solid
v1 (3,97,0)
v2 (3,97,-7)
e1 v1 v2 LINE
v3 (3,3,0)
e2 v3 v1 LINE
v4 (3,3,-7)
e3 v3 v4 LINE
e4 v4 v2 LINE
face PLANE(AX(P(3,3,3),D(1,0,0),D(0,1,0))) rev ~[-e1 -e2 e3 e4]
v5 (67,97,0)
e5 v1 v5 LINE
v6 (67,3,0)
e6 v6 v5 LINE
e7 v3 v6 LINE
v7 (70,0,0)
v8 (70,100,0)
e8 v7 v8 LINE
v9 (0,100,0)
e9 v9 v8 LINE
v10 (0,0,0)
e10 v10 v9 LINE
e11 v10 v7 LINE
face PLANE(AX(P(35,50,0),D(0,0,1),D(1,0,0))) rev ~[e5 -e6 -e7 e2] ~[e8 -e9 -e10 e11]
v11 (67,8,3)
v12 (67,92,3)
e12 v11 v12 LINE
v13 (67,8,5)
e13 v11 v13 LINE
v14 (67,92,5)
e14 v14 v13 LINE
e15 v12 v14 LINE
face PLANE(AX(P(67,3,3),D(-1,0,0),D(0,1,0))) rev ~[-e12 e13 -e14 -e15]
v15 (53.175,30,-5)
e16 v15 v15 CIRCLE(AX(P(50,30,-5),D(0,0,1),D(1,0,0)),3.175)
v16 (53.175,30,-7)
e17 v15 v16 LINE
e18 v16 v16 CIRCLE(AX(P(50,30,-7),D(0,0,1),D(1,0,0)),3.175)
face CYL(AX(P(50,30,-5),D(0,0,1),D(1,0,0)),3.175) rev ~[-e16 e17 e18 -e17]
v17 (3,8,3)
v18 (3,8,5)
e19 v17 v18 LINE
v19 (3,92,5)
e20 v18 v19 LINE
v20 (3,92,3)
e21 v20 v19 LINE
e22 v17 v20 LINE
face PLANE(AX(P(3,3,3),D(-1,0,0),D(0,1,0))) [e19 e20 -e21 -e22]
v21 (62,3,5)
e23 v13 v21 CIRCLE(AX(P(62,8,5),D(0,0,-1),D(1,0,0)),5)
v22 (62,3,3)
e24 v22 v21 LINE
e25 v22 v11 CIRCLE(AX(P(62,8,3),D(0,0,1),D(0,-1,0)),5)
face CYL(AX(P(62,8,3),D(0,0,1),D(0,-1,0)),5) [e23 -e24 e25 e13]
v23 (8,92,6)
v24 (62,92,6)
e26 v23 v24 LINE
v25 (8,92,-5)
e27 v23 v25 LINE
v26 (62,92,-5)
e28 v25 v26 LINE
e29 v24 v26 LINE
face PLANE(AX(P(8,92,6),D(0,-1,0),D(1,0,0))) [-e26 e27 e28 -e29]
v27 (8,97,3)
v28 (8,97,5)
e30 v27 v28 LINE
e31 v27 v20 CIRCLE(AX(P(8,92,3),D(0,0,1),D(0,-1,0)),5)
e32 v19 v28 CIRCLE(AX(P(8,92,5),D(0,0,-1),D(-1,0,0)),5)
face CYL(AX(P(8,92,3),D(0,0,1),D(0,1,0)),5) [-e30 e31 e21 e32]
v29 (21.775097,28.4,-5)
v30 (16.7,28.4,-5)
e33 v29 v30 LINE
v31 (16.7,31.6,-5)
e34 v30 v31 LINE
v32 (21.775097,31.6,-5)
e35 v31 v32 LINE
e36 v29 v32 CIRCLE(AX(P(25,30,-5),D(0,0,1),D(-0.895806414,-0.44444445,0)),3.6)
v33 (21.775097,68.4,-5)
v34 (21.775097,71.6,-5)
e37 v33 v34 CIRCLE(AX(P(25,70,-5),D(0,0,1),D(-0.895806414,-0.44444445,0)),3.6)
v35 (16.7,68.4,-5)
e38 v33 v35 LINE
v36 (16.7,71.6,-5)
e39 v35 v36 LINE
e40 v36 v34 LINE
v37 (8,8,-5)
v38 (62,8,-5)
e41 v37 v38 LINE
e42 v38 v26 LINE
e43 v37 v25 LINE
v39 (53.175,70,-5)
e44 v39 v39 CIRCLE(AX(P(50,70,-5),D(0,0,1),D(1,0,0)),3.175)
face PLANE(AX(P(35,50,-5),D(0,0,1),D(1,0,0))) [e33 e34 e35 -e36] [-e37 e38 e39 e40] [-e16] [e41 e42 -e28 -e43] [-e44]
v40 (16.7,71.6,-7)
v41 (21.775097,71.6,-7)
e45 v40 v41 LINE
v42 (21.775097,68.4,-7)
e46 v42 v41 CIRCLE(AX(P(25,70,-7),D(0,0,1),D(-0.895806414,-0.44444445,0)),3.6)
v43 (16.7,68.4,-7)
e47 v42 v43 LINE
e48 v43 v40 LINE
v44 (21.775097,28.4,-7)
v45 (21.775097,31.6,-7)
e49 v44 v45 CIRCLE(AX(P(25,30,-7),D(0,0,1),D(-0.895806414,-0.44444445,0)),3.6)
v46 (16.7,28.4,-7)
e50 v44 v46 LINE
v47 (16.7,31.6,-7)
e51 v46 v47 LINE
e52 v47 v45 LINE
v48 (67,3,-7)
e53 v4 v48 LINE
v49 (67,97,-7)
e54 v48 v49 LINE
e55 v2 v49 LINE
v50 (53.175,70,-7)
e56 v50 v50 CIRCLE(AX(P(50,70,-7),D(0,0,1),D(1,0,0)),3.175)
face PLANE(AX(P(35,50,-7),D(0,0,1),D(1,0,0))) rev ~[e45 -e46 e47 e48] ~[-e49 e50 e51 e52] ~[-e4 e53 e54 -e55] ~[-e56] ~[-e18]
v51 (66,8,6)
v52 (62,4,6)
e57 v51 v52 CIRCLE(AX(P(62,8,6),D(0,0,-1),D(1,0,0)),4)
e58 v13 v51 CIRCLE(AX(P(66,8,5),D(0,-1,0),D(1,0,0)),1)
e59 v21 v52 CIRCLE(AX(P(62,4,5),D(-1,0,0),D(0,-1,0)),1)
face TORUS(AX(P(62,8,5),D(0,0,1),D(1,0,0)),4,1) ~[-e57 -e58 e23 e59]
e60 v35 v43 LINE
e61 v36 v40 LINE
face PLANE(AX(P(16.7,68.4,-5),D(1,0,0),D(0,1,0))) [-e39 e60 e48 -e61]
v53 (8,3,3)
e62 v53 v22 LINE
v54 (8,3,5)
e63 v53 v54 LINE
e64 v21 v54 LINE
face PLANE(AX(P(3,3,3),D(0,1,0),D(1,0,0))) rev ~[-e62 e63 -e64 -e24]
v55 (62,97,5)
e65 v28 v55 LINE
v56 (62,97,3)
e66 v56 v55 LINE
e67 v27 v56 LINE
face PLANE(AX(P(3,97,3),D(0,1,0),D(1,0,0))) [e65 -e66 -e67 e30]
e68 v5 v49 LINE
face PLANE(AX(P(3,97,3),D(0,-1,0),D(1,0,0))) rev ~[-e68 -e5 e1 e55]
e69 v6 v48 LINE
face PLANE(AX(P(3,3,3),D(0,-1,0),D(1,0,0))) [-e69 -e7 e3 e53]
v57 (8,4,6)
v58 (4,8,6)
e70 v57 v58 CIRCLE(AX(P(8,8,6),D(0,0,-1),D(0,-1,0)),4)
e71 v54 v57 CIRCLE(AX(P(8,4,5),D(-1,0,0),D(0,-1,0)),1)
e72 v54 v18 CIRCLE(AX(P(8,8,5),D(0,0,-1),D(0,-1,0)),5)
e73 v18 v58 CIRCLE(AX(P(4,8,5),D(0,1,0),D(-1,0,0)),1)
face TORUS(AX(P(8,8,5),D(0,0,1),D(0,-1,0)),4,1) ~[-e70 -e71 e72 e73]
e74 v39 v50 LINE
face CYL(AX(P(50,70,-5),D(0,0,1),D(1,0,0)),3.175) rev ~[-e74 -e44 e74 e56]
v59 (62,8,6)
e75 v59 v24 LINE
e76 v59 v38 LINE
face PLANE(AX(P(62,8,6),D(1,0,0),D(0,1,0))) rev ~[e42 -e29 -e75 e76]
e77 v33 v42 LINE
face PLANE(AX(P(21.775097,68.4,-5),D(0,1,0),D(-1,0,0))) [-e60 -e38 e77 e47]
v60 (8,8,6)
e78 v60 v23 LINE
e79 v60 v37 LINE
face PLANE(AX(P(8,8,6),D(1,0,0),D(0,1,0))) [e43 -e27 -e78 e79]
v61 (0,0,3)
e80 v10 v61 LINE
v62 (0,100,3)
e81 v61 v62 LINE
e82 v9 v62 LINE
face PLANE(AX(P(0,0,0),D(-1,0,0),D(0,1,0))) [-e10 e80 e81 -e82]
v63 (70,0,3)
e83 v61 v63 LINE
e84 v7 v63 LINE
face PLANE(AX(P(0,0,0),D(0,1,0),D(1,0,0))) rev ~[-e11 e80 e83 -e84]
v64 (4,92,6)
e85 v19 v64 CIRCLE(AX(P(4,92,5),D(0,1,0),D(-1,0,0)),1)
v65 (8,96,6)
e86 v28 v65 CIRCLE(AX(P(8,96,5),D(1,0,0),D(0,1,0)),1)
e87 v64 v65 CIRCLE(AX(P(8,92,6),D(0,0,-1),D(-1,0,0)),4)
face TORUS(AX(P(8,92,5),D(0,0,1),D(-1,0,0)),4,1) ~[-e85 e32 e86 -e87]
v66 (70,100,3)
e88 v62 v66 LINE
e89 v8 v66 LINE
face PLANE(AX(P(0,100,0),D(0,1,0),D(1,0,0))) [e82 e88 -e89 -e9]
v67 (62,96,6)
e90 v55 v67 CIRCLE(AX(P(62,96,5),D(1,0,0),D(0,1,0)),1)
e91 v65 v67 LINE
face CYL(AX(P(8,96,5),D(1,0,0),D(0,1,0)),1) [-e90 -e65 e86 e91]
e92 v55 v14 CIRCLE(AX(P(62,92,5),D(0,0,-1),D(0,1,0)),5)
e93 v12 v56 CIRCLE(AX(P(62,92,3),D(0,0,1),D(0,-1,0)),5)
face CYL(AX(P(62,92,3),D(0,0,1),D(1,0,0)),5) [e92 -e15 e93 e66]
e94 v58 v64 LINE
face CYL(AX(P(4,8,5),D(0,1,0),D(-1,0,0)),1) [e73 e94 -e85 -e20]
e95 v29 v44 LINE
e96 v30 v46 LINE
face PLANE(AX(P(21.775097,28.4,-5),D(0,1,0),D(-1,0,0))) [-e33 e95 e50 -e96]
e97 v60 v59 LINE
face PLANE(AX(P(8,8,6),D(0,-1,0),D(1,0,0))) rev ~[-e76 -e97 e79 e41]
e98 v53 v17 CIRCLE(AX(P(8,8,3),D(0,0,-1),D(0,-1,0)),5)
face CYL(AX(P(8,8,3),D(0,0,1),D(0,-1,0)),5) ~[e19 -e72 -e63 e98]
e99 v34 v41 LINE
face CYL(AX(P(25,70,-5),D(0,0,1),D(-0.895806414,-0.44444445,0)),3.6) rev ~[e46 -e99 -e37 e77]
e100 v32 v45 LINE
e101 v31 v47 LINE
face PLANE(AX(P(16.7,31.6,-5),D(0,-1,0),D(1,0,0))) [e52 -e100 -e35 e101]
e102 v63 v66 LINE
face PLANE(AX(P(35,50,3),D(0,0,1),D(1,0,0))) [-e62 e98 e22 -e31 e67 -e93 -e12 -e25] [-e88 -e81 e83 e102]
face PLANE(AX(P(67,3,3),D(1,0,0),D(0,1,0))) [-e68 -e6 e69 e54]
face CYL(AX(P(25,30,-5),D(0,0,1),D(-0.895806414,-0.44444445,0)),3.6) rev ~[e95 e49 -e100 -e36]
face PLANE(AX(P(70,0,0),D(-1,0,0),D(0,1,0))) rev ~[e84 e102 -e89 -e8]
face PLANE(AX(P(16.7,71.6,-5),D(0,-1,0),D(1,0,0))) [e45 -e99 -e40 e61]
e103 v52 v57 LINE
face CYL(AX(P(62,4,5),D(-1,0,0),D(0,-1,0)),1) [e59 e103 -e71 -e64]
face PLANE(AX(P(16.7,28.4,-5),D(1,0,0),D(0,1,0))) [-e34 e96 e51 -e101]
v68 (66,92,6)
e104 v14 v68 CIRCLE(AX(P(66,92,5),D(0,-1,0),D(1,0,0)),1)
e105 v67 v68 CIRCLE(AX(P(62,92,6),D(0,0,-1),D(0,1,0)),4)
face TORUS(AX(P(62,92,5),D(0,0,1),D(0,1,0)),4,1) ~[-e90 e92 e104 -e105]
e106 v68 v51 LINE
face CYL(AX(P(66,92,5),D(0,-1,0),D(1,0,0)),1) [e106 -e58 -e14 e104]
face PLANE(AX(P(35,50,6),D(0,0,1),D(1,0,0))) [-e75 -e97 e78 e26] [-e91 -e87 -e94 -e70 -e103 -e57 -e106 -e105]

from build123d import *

# Parameters (mm, degrees)
SKETCH_W          = 70
SKETCH_H          = 100
PAD_DEPTH         = 3
SKETCH001_W       = 64
SKETCH001_H       = 94
PAD001_DEPTH      = 3
PAD001_DEPTH_BACK = 10
SKETCH002_W       = 54
SKETCH002_H       = 84
POCKET_DEPTH      = 11
SKETCH003_R       = 3.175
POCKET001_DEPTH   = 2.001
FILLET_R          = 5
FILLET001_R       = 5
FILLET002_R       = 5
FILLET003_R       = 5
FILLET004_R       = 1


with BuildPart() as part:
    # Sketch → Pad (new body)
    with BuildSketch(Plane.XY):
        with Locations((35, 50)):
            Rectangle(SKETCH_W, SKETCH_H)
    extrude(amount=PAD_DEPTH)

    # Sketch001 (on Face6 of Pad) → Pad001 (join, two sides)
    with BuildSketch(Plane.XY.offset(3)) as pad001_sk:
        with Locations((35, 50)):
            Rectangle(SKETCH001_W, SKETCH001_H)
    extrude(amount=PAD001_DEPTH)
    extrude(pad001_sk.sketch, amount=-PAD001_DEPTH_BACK)

    # Sketch002 (on Face16 of Pad001) → Pocket (cut)
    with BuildSketch(Plane.XY.offset(6)):
        with Locations((35, 50)):
            Rectangle(SKETCH002_W, SKETCH002_H)
    extrude(amount=-POCKET_DEPTH, mode=Mode.SUBTRACT)

    # Sketch003 (on Face21 of Pocket) → Pocket001 (cut, through all)
    with BuildSketch(Plane.XY.offset(-5)):
        with Locations((50, 30)):
            Circle(SKETCH003_R)
        with Locations((50, 70)):
            Circle(SKETCH003_R)
        with BuildLine():
            ThreePointArc((21.775097, 28.4), (28.6, 30), (21.775097, 31.6))
            Line((16.7, 31.6), (21.775097, 31.6))
            Line((16.7, 28.4), (16.7, 31.6))
            Line((21.775097, 28.4), (16.7, 28.4))
        make_face()
        with BuildLine():
            ThreePointArc((21.775097, 68.4), (28.6, 70), (21.775097, 71.6))
            Line((16.7, 71.6), (21.775097, 71.6))
            Line((16.7, 68.4), (16.7, 71.6))
            Line((21.775097, 68.4), (16.7, 68.4))
        make_face()
    extrude(amount=-POCKET001_DEPTH, mode=Mode.SUBTRACT)

    # Fillet
    fillet_edges = [part.edges().sort_by_distance(p)[0] for p in [
        (3, 3, 4.5),
    ]]
    fillet(fillet_edges, radius=FILLET_R)

    # Fillet001
    fillet001_edges = [part.edges().sort_by_distance(p)[0] for p in [
        (67, 3, 4.5),
    ]]
    fillet(fillet001_edges, radius=FILLET001_R)

    # Fillet002
    fillet002_edges = [part.edges().sort_by_distance(p)[0] for p in [
        (67, 97, 4.5),
    ]]
    fillet(fillet002_edges, radius=FILLET002_R)

    # Fillet003
    fillet003_edges = [part.edges().sort_by_distance(p)[0] for p in [
        (3, 97, 4.5),
    ]]
    fillet(fillet003_edges, radius=FILLET003_R)

    # Fillet004
    fillet004_edges = [part.edges().sort_by_distance(p)[0] for p in [
        (35, 97, 6),
    ]]
    fillet(fillet004_edges, radius=FILLET004_R)


solid = part.part
